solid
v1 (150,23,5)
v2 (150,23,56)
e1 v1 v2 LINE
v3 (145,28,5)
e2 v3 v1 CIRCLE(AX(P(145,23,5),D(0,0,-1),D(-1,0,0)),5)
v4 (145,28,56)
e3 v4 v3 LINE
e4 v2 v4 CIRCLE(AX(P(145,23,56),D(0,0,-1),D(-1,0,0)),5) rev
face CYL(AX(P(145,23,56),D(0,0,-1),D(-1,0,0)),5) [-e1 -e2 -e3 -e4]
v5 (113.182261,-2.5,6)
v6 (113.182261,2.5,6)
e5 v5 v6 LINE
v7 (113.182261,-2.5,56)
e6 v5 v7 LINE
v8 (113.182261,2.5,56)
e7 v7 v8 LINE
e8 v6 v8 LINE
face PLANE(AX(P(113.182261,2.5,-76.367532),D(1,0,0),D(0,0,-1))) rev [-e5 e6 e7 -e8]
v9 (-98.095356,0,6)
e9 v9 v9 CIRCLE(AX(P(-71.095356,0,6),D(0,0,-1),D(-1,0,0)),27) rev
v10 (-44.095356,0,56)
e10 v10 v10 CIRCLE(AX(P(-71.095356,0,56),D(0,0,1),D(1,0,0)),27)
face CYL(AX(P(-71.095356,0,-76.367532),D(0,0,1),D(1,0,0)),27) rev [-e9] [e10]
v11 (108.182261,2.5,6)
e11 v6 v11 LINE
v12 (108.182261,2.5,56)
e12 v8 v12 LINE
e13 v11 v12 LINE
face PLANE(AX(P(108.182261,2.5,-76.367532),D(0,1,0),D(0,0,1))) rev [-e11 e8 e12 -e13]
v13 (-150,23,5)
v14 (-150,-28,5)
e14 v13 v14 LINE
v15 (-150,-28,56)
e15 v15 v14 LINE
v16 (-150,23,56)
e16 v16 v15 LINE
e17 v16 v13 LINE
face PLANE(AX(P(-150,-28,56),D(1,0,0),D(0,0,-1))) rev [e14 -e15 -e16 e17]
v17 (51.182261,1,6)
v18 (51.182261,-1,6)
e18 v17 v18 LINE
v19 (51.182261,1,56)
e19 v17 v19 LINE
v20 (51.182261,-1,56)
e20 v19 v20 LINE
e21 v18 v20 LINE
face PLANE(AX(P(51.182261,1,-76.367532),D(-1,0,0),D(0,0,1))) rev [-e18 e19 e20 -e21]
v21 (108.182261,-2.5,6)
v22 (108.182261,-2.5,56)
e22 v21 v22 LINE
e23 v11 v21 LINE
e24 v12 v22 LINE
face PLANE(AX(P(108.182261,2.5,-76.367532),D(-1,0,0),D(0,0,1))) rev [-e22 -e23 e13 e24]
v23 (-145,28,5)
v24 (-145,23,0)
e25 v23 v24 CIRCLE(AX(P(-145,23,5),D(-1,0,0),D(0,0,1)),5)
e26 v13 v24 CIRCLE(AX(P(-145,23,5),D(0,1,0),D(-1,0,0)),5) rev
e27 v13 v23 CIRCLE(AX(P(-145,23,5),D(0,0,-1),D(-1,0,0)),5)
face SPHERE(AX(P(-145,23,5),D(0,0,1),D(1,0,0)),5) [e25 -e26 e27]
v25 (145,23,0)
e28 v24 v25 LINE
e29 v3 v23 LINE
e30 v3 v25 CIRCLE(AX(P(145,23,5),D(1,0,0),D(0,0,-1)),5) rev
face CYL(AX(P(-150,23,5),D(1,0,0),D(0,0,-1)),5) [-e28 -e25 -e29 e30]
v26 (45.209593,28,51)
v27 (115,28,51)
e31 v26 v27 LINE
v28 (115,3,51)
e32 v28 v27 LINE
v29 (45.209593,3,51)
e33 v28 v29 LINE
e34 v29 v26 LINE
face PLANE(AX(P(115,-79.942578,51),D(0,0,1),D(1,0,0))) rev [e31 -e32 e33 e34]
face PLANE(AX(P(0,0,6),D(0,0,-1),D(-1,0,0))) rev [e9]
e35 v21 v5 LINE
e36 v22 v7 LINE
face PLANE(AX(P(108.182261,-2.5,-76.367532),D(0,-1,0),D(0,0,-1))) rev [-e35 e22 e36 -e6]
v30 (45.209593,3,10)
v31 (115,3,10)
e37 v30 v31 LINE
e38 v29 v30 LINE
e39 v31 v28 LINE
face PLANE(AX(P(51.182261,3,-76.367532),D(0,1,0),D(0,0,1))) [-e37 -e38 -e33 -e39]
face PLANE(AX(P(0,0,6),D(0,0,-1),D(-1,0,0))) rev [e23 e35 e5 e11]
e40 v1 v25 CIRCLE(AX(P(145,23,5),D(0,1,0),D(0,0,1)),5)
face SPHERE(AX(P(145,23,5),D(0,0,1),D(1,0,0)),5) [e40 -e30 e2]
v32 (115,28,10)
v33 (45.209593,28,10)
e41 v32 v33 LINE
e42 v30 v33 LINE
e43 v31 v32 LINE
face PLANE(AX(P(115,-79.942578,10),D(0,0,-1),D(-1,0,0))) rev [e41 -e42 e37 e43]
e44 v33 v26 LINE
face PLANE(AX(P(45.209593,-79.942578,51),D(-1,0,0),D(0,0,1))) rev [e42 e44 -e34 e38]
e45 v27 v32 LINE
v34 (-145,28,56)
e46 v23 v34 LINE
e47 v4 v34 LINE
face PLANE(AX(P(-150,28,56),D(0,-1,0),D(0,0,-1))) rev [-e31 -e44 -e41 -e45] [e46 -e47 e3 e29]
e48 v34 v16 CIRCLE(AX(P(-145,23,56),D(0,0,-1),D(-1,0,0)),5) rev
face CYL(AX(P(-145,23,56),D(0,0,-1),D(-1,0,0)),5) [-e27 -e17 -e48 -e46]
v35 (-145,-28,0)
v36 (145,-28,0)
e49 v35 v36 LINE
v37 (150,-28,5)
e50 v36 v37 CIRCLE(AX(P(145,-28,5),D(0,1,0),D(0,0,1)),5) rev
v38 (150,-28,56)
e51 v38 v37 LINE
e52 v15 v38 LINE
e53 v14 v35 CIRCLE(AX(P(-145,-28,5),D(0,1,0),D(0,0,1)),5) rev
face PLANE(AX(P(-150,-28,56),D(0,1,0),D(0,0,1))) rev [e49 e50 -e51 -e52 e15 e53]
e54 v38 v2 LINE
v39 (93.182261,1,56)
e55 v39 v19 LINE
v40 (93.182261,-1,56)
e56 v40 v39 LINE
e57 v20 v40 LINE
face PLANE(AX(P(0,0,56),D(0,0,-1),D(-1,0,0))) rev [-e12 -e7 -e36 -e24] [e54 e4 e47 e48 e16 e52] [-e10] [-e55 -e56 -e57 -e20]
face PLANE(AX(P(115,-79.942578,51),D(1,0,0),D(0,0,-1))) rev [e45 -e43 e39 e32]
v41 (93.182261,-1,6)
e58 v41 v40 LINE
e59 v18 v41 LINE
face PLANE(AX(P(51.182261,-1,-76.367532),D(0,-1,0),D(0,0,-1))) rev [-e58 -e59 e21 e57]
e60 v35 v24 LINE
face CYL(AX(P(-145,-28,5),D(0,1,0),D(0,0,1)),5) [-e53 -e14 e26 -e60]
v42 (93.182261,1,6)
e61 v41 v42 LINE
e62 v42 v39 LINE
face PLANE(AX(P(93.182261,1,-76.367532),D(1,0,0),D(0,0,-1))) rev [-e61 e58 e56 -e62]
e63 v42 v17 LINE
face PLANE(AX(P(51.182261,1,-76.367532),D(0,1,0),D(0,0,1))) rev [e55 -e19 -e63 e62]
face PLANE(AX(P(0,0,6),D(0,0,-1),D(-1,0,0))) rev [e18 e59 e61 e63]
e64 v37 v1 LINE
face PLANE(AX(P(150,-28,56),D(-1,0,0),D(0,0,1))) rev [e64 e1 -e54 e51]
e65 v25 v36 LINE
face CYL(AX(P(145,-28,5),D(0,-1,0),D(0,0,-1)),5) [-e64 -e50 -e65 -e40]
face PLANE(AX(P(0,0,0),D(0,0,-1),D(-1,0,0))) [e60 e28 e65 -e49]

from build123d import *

# Parameters (mm, degrees)
SKETCH1_W           = 300
SKETCH1_H           = 56
BOSS_EXTRUDE1_DEPTH = 56
FILLET1_R           = 5
SKETCH2_R           = 27
SKETCH2_W           = 42
SKETCH2_H           = 2
SKETCH2_W_2         = 5
SKETCH2_H_2         = 5
CUT_EXTRUDE1_DEPTH  = 50
SKETCH3_W           = 69.790407192
SKETCH3_H           = 41
CUT_EXTRUDE2_DEPTH  = 25


with BuildPart() as part:
    # Sketch1 → Boss-Extrude1 (new body)
    with BuildSketch(Plane.XY):
        Rectangle(SKETCH1_W, SKETCH1_H)
    extrude(amount=BOSS_EXTRUDE1_DEPTH)

    # Fillet1
    fillet1_edges = [part.edges().sort_by_distance(p)[0] for p in [
        (-150, 0, 0),
        (0, 28, 0),
        (150, 0, 0),
        (-150, 28, 28),
        (150, 28, 28),
    ]]
    fillet(fillet1_edges, radius=FILLET1_R)

    # Sketch2 → Cut-Extrude1 (cut)
    with BuildSketch(Plane.XY.offset(56)):
        with Locations((-71.095356244, 0)):
            Circle(SKETCH2_R)
        with Locations((72.182261243, 0)):
            Rectangle(SKETCH2_W, SKETCH2_H)
        with Locations((110.682261243, 0)):
            Rectangle(SKETCH2_W_2, SKETCH2_H_2)
    extrude(amount=-CUT_EXTRUDE1_DEPTH, mode=Mode.SUBTRACT)

    # Sketch3 → Cut-Extrude2 (cut)
    with BuildSketch(Plane(origin=(0, 28, 0), x_dir=(1, 0, 0), z_dir=(0, 1, 0))):
        with Locations((80.104796404, -30.5)):
            Rectangle(SKETCH3_W, SKETCH3_H)
    extrude(amount=-CUT_EXTRUDE2_DEPTH, mode=Mode.SUBTRACT)


solid = part.part
